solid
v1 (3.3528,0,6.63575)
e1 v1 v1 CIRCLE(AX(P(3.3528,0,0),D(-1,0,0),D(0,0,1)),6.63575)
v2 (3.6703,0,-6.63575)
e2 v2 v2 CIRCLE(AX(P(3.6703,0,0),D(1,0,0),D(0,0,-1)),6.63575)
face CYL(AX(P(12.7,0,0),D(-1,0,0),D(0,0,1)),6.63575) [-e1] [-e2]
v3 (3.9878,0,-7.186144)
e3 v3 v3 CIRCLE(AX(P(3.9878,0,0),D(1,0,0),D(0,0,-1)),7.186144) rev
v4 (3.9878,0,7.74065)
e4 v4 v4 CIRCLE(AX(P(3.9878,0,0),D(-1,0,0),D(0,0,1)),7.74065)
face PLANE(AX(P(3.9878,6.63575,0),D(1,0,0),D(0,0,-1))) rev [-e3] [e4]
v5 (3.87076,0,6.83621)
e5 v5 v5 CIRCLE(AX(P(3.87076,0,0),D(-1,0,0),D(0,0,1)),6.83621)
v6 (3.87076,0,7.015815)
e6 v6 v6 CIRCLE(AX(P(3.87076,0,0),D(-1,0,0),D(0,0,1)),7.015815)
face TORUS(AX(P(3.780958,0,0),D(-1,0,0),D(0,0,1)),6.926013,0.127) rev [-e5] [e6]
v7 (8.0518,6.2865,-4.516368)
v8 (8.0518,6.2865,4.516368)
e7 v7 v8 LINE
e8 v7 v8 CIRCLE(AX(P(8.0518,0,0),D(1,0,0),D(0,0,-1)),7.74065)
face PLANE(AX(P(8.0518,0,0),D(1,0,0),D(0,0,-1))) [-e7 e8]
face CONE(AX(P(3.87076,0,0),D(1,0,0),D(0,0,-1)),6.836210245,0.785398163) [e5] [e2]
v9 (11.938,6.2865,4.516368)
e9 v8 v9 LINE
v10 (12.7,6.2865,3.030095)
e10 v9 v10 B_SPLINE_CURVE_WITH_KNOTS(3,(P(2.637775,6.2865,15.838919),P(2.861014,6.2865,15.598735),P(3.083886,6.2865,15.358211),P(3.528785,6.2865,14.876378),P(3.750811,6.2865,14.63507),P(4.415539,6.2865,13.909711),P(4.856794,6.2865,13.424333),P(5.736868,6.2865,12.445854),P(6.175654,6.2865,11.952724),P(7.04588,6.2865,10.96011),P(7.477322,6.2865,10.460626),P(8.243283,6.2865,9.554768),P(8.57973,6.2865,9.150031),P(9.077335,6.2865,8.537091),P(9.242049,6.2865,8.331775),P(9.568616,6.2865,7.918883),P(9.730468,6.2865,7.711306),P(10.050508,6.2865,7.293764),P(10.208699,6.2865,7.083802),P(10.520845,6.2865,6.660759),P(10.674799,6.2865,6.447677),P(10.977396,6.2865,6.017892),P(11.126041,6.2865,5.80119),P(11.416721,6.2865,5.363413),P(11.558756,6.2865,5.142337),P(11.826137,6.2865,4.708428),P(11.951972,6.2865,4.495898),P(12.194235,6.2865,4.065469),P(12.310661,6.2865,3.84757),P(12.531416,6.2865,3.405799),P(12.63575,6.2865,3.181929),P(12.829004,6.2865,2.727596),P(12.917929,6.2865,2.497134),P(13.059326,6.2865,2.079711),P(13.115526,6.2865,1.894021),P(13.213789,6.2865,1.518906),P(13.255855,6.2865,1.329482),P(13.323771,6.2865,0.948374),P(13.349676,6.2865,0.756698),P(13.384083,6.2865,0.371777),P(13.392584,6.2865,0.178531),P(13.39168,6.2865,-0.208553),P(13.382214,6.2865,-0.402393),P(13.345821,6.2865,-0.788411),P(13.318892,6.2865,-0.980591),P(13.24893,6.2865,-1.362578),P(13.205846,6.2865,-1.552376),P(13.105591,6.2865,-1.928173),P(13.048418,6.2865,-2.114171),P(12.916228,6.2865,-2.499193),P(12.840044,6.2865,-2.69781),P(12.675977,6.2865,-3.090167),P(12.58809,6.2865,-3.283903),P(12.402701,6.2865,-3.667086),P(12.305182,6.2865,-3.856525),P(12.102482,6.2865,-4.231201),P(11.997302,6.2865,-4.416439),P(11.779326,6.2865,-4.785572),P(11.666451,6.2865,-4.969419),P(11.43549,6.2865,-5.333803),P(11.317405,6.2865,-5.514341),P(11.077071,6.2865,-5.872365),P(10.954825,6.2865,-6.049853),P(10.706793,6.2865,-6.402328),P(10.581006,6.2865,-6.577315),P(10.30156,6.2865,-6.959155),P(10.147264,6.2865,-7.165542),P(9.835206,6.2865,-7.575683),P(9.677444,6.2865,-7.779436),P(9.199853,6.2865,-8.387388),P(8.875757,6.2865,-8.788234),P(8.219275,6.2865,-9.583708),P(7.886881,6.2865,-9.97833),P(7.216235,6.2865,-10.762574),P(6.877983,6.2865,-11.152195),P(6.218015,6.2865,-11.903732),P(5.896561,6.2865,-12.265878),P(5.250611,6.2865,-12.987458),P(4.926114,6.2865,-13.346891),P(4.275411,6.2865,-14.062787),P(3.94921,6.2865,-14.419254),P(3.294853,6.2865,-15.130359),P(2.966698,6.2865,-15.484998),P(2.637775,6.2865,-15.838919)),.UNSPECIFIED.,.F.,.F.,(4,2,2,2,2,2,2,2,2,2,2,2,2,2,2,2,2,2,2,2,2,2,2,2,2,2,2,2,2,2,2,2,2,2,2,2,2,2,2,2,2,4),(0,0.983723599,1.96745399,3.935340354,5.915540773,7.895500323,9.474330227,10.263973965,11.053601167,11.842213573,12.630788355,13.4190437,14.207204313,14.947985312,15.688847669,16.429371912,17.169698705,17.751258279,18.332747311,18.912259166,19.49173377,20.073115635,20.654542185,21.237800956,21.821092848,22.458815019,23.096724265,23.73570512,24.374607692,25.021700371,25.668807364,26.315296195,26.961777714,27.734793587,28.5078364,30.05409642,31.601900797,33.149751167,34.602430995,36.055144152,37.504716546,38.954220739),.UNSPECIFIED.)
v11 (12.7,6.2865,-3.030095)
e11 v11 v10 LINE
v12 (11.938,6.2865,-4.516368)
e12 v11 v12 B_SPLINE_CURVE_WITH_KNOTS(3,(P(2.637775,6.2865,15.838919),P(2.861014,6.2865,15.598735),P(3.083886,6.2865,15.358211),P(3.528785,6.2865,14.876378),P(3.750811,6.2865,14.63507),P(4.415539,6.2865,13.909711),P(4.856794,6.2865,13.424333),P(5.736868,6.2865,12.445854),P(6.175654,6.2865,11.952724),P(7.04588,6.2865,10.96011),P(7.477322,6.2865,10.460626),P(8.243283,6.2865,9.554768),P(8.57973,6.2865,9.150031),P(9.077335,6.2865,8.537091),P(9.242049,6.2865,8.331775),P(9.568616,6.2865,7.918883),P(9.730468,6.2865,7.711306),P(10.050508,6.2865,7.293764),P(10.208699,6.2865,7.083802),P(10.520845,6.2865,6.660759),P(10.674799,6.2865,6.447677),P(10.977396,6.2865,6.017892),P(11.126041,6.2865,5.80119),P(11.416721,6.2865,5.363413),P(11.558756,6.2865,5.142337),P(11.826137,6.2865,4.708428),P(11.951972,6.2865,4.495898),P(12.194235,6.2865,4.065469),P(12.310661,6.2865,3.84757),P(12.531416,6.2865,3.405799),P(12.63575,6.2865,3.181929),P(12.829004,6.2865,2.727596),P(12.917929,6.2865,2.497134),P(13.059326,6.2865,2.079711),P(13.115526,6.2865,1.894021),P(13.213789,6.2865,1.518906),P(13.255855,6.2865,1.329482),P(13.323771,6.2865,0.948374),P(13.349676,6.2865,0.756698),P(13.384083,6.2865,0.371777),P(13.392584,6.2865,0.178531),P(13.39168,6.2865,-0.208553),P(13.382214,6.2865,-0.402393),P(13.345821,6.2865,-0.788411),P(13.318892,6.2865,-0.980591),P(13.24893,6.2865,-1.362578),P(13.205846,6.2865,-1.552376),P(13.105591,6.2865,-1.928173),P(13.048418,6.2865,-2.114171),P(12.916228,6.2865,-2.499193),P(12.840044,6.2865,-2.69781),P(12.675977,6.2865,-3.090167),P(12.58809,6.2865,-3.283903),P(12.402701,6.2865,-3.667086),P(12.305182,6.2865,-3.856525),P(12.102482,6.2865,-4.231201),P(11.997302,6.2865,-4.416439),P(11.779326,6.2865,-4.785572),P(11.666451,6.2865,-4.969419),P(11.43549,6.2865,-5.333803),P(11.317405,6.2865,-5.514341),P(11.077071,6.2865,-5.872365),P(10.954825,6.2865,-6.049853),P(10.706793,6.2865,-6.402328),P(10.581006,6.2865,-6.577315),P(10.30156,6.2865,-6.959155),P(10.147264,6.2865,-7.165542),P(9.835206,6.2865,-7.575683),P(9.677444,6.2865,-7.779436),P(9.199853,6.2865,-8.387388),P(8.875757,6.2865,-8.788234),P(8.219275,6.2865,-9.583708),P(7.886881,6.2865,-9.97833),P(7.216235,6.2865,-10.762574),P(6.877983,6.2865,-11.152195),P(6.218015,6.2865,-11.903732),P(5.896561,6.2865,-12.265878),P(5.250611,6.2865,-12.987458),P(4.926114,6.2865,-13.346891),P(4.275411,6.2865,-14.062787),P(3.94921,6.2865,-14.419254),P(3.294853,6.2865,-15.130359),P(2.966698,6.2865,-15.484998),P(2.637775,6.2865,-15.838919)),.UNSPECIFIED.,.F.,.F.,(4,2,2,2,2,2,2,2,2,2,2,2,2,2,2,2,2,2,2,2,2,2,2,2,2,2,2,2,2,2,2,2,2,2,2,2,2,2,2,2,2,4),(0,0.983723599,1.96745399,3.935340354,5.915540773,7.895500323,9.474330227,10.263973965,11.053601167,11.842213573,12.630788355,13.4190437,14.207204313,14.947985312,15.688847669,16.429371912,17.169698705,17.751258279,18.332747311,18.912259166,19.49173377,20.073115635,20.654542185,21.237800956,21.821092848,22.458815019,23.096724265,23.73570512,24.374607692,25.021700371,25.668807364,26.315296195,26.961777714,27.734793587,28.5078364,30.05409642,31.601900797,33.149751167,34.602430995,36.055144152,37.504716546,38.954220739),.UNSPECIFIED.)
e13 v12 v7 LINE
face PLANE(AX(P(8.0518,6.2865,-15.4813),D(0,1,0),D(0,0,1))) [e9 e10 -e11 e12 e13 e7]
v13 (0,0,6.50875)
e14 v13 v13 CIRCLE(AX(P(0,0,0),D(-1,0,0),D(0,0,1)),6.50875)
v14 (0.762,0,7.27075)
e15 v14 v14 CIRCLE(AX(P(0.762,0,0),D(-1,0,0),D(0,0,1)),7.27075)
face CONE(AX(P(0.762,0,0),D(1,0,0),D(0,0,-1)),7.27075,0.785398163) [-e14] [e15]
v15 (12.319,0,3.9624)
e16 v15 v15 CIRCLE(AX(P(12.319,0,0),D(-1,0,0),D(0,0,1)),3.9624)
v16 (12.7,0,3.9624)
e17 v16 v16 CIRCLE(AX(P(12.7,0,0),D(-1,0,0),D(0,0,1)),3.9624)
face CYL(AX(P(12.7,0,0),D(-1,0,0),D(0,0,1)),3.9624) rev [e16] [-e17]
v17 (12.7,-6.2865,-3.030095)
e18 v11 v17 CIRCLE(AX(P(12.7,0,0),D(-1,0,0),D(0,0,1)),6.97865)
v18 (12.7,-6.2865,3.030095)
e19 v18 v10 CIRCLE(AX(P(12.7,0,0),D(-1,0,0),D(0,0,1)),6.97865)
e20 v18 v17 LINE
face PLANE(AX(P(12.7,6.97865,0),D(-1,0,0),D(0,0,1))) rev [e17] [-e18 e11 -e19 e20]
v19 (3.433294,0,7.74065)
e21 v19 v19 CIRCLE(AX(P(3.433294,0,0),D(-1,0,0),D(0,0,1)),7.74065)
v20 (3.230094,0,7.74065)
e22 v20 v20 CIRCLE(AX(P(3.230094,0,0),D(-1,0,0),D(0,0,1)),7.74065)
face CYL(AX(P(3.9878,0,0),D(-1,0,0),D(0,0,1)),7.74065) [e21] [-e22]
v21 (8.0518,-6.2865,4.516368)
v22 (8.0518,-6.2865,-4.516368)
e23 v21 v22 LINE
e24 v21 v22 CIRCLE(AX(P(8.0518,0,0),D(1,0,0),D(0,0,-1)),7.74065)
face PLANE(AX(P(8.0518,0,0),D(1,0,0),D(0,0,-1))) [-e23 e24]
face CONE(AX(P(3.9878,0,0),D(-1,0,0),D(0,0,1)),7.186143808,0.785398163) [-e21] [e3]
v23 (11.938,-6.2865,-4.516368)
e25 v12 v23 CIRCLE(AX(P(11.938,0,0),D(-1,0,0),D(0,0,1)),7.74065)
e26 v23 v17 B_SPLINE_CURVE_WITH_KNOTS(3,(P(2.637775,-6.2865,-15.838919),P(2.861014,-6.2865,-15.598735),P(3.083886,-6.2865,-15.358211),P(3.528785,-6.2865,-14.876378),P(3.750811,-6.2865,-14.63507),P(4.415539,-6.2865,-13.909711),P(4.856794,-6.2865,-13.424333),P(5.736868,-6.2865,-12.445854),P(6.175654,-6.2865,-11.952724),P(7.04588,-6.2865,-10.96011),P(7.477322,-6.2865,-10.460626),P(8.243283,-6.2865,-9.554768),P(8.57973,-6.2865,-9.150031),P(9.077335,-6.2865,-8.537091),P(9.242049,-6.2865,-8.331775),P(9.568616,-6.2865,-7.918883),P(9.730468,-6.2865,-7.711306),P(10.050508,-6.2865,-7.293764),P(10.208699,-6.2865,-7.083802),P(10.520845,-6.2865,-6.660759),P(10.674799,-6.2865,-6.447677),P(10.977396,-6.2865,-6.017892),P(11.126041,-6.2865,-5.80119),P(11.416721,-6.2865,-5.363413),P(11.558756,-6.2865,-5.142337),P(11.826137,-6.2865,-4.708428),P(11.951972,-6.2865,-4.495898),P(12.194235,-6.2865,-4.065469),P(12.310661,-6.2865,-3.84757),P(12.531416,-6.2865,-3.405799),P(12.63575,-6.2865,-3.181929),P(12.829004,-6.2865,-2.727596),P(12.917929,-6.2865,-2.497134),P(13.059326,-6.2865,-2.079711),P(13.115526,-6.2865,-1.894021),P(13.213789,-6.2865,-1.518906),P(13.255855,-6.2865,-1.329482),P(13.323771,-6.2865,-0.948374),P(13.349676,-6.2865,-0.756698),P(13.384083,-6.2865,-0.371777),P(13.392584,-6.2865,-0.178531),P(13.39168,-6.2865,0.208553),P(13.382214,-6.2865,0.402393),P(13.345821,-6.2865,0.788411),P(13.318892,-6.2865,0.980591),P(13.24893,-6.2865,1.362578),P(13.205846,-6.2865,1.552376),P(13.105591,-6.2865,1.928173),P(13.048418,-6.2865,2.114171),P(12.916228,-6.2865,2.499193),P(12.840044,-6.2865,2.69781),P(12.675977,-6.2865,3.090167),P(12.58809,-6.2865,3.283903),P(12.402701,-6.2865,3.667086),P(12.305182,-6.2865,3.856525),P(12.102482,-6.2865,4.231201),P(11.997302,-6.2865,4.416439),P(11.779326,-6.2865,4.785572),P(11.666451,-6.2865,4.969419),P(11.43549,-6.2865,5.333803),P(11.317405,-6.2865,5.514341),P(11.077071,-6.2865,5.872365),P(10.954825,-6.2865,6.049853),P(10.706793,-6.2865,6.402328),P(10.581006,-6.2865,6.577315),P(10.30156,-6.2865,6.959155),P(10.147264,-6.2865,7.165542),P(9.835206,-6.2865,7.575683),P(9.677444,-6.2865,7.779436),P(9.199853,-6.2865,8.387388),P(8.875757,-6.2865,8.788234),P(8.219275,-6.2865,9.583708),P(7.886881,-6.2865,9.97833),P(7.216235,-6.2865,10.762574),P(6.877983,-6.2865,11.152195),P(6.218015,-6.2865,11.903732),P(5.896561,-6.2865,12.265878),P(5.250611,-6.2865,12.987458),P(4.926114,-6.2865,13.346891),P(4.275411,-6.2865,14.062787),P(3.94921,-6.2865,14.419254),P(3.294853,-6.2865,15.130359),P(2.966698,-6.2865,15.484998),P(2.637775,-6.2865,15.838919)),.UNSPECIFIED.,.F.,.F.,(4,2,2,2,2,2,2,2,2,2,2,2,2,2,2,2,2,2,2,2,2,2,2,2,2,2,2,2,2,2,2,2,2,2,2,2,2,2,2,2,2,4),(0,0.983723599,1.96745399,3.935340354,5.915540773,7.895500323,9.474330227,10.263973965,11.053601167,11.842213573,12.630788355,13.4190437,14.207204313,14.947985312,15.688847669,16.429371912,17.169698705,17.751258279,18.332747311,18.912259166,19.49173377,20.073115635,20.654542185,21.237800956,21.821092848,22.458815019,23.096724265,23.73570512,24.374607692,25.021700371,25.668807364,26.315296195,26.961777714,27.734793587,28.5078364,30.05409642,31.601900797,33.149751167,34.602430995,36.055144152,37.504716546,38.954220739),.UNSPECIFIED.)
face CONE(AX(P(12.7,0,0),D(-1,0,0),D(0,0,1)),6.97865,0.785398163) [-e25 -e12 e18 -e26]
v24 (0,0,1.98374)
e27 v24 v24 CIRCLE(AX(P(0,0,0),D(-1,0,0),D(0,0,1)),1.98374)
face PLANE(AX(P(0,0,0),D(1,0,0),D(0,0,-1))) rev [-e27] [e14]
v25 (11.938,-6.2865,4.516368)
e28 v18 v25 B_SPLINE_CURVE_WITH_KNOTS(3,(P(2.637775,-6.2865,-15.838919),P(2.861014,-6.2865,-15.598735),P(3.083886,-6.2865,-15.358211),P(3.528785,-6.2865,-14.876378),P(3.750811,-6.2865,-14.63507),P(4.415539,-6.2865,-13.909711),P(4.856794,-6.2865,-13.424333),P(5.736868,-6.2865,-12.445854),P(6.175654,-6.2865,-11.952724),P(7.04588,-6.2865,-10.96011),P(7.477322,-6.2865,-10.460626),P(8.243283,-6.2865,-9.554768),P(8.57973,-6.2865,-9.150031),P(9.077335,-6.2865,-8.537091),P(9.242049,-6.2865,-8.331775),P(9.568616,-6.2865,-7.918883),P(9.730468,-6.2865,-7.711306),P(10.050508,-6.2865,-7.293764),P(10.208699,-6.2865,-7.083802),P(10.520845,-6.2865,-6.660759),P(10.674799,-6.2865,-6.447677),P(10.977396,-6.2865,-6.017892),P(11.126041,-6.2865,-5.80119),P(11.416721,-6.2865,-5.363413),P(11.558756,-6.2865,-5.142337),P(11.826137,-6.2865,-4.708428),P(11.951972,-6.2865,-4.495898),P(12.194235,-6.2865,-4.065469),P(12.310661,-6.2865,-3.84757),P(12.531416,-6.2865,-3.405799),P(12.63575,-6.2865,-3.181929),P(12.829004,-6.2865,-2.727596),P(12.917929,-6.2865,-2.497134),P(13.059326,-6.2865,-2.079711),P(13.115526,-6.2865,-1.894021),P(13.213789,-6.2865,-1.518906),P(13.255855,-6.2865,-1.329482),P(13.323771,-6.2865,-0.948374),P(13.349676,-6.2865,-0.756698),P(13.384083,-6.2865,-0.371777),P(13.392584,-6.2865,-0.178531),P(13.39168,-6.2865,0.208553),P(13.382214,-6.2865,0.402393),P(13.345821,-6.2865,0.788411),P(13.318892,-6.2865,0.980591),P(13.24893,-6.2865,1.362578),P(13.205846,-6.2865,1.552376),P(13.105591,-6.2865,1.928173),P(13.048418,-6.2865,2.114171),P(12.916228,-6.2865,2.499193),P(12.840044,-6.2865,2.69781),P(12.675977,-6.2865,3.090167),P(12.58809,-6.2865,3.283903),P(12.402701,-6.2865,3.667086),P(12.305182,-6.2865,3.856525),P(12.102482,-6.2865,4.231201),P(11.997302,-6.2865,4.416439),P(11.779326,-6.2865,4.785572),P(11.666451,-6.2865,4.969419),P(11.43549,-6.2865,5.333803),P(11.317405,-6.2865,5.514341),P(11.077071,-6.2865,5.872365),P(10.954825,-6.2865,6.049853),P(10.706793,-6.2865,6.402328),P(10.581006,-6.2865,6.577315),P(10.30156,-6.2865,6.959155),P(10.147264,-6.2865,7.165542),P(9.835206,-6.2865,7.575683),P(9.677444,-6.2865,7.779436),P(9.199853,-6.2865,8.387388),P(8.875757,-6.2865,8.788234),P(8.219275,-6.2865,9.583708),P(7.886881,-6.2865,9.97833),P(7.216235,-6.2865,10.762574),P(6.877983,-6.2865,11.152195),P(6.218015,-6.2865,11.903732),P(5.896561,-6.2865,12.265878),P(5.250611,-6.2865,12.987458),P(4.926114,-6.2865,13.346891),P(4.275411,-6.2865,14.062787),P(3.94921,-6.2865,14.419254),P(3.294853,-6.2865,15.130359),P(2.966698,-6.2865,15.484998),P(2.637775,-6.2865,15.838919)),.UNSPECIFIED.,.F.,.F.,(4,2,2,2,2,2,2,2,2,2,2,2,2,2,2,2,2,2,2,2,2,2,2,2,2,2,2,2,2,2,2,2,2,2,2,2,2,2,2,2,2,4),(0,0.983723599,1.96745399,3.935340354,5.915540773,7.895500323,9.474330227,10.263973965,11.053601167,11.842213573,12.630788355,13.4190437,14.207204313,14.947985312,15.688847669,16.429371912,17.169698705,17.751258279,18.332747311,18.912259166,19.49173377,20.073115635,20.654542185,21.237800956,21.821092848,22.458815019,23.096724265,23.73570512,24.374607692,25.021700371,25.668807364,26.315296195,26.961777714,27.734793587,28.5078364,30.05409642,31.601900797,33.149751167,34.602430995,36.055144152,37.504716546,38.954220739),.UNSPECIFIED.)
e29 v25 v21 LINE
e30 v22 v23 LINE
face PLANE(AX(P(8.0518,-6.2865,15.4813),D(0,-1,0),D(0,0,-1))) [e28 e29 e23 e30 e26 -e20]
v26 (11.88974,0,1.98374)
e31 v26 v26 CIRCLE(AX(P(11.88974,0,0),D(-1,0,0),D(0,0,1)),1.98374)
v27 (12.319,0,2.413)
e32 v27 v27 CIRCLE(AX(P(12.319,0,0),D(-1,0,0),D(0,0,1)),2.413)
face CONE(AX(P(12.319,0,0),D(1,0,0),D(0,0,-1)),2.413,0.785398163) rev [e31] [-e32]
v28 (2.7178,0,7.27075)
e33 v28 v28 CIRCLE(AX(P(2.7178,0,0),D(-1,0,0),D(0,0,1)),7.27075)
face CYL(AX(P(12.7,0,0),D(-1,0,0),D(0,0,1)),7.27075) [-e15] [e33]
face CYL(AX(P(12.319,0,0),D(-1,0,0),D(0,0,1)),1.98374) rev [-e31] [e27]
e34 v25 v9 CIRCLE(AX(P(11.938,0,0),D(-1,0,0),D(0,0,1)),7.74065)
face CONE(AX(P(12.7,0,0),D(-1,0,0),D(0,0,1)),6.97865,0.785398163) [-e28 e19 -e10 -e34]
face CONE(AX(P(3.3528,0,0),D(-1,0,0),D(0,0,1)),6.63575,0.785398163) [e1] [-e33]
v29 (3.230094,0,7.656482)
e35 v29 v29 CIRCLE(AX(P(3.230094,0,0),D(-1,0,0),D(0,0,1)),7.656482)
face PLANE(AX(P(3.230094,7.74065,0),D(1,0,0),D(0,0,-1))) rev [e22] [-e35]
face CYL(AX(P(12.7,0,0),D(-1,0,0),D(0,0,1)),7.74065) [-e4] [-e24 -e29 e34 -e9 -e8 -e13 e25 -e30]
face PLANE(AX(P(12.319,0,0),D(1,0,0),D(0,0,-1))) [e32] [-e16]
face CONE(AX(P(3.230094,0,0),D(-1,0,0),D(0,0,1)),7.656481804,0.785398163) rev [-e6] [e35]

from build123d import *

# Parameters (mm, degrees)
SKETCH2_W          = 0.381
SKETCH2_H          = 3.9624
SKETCH4_W          = 61.9252
SKETCH4_H          = 30.9626
SKETCH4_W_2        = 30.9626
SKETCH4_H_2        = 12.573
CUT_EXTRUDE1_DEPTH = 4.6482


with BuildPart() as part:
    # Sketch1 → Revolve1 (revolve)
    with BuildSketch(Plane.XY):
        Polygon((0, 0), (0, 6.50875), (0.762, 7.27075), (2.7178, 7.27075), (3.3528, 6.63575), (3.9878, 6.63575), (3.9878, 7.74065), (11.938, 7.74065), (12.7, 6.97865), (12.7, 0), align=None)
    revolve(axis=Axis((12.7, 0, 0), (-1, 0, 0)))

    # Sketch2 → Cut-Revolve1 (revolve, cut)
    with BuildSketch(Plane.XY):
        with Locations((12.5095, 1.9812)):
            Rectangle(SKETCH2_W, SKETCH2_H)
    revolve(axis=Axis((12.7, 0, 0), (-1, 0, 0)), mode=Mode.SUBTRACT)

    # Sketch3 → Cut-Revolve2 (revolve, cut)
    with BuildSketch(Plane.XY):
        Polygon((0, 0), (0, 1.98374), (11.88974, 1.98374), (12.319, 2.413), (12.319, 0), align=None)
    revolve(axis=Axis((12.319, 0, 0), (-1, 0, 0)), mode=Mode.SUBTRACT)

    # Sketch4 → Cut-Extrude1 (cut)
    with BuildSketch(Plane(origin=(12.7, 0, 0), x_dir=(0, 0, -1), z_dir=(1, 0, 0))):
        Rectangle(SKETCH4_W, SKETCH4_H)
        Rectangle(SKETCH4_W_2, SKETCH4_H_2, mode=Mode.SUBTRACT)
    extrude(amount=-CUT_EXTRUDE1_DEPTH, mode=Mode.SUBTRACT)

    # Sketch5 → Revolve2 (revolve)
    with BuildSketch(Plane.XY):
        with BuildLine():
            Line((3.230093808, 7.74065), (3.230093808, 7.656481804))
            Line((3.230093808, 7.656481804), (3.870760245, 7.015815367))
            ThreePointArc((3.870760245, 7.015815367), (3.907957684, 6.926012806), (3.870760245, 6.836210245))
            Line((3.870760245, 6.836210245), (3.6703, 6.63575))
            Line((3.6703, 6.63575), (3.3528, 6.63575))
            Line((3.3528, 6.63575), (3.3528, 6.38175))
            Line((3.3528, 6.38175), (3.9878, 6.38175))
            Line((3.9878, 6.38175), (3.9878, 7.186143808))
            Line((3.9878, 7.186143808), (3.433293808, 7.74065))
            Line((3.433293808, 7.74065), (3.230093808, 7.74065))
        make_face()
    revolve(axis=Axis((3.9878, 0, 0), (-1, 0, 0)))


solid = part.part
